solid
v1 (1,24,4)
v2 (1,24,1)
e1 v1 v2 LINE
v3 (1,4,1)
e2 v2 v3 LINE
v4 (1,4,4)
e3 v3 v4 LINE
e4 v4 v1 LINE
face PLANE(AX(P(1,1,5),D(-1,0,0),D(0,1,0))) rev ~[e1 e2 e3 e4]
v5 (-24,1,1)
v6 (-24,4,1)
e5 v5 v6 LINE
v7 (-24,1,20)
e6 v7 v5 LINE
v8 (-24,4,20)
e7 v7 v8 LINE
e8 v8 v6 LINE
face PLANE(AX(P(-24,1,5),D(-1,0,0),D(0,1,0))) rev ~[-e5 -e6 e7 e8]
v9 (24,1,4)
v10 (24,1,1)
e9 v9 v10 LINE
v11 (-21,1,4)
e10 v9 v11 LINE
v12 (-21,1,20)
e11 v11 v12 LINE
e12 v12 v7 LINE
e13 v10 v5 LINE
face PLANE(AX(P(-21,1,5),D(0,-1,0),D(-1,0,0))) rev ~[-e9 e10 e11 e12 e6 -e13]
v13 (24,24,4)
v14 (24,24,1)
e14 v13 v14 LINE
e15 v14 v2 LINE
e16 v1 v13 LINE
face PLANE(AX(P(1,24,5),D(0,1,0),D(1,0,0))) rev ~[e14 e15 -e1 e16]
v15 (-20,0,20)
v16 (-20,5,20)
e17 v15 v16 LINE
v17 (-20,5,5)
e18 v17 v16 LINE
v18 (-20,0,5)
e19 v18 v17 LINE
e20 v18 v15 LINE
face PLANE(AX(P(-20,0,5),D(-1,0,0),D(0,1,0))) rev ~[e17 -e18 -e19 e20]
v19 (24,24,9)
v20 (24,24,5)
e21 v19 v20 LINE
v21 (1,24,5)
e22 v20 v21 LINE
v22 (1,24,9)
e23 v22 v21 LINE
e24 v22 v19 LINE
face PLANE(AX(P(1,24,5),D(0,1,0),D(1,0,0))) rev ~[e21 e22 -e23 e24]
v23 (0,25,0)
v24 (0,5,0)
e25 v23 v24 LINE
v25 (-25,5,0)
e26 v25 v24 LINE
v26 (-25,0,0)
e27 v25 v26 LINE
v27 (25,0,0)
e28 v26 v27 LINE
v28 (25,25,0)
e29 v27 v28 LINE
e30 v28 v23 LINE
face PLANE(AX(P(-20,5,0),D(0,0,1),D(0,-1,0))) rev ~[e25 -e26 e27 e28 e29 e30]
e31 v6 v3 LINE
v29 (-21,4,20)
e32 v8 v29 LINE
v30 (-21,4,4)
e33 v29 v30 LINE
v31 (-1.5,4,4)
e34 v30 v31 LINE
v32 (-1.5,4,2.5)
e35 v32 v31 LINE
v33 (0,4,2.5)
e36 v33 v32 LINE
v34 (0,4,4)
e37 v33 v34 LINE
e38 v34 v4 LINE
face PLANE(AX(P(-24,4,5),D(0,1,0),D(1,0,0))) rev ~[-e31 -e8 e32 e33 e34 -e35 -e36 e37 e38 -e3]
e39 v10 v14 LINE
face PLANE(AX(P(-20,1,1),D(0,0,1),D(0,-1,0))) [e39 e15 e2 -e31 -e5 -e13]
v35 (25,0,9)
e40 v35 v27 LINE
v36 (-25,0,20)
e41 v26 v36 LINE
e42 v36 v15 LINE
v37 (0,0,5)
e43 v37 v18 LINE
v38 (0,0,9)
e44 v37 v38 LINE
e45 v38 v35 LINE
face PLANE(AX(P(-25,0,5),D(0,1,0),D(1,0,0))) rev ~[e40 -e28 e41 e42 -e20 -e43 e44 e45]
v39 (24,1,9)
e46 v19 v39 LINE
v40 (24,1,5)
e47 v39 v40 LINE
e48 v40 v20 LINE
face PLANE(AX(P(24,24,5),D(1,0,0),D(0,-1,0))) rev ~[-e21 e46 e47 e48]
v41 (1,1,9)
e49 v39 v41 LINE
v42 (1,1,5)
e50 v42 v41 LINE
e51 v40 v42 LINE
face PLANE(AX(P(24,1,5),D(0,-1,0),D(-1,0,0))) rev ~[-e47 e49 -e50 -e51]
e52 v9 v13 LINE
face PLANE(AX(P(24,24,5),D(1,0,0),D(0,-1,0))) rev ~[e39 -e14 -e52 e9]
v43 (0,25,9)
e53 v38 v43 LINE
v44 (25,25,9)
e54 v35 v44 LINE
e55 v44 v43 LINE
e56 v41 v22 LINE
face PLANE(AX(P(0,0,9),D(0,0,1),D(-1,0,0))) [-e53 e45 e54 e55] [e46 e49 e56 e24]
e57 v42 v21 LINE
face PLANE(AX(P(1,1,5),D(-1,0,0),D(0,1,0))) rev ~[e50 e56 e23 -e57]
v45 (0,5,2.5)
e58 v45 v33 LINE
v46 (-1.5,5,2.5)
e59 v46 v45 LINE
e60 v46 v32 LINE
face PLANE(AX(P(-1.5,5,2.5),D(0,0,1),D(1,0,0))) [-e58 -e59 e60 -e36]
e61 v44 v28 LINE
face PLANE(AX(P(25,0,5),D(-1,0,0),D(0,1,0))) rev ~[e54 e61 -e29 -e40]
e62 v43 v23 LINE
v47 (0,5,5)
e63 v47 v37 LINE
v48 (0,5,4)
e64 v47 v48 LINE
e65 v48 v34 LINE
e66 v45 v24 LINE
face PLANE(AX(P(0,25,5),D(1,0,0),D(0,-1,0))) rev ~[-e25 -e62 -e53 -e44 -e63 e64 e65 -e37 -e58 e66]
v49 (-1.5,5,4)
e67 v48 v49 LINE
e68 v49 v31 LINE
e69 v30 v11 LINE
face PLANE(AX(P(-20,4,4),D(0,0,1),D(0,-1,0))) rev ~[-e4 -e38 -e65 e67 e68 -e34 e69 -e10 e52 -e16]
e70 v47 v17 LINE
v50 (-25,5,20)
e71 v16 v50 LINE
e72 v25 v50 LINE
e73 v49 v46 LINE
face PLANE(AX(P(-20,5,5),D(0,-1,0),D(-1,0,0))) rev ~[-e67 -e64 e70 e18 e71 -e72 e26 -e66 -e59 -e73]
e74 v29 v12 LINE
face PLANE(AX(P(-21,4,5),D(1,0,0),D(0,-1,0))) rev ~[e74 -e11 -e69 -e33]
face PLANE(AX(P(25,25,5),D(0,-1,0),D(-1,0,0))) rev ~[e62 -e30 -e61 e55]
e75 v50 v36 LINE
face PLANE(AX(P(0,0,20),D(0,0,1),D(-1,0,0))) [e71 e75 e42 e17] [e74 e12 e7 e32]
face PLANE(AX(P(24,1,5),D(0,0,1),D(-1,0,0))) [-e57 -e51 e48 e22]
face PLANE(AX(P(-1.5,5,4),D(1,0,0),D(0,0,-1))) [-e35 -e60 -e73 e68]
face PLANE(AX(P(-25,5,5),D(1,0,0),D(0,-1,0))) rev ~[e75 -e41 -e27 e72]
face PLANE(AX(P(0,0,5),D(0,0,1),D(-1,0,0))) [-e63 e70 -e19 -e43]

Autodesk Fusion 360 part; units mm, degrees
sketch "Sketch1" plane through (0, 0, 0) normal (0, 0, 1) x (1, 0, 0)
  line L0 (0, 0) -> (25, 0)
  line L1 (25, 0) -> (25, 25)
  line L2 (25, 25) -> (0, 25)
  line L3 (0, 25) -> (0, 5)
  line L4 (0, 0) -> (-20, 0)
  line L5 (-20, 0) -> (-20, 5)
  line L6 (-20, 5) -> (0, 5)
extrude "Extrude1" add sketch "Sketch1" along normal blind 1
sketch "Sketch2" plane through (0, 0, 1) normal (0, 0, 1) x (-1, 0, 0)
  line L0 (20, 0) -> (-25, 0)
  line L1 (-25, 0) -> (-25, -25)
  line L2 (-25, -25) -> (0, -25)
  line L3 (0, -25) -> (0, -5)
  line L4 (0, -5) -> (20, -5)
  line L5 (20, -5) -> (20, 0)
  line L6 (-1, -1) -> (-24, -1)
  line L7 (-24, -1) -> (-24, -24)
  line L8 (-24, -24) -> (-1, -24)
  line L9 (-1, -24) -> (-1, -1)
  line L10 (0, -5) -> (0, 0)
extrude "Extrude2" add sketch "Sketch2" along normal blind 4
sketch "Sketch3" plane through (0, 0, 5) normal (0, 0, 1) x (-1, 0, 0)
  line L0 (-1, -1) -> (-1, -24)
  line L1 (-1, -24) -> (-24, -24)
  line L2 (-24, -24) -> (-24, -1)
  line L3 (-24, -1) -> (-1, -1)
  line L4 (20, -5) -> (20, 0)
  line L5 (20, 0) -> (-25, 0)
  line L6 (-25, 0) -> (-25, -25)
  line L7 (-25, -25) -> (0, -25)
  line L8 (0, -25) -> (0, -5)
  line L9 (0, -5) -> (20, -5)
  line L10 (0, -5) -> (0, 0)
extrude "Extrude3" add sketch "Sketch3" along normal blind 10 contours L5 L6 L7 L8 L10
sketch "Sketch4" plane through (-20, 0, 0) normal (-1, 0, 0) x (0, -1, 0)
  line L0 (-5, 0) -> (0, 0)
  line L1 (0, 0) -> (0, 5)
  line L2 (0, 5) -> (-5, 5)
  line L3 (-5, 5) -> (-5, 0)
  line L4 (-4, 4) -> (-1, 4)
  line L5 (-1, 4) -> (-1, 1)
  line L6 (-1, 1) -> (-4, 1)
  line L7 (-4, 1) -> (-4, 4)
extrude "Extrude4" cut sketch "Sketch4" against normal blind 23 contours L4 L5 L6 L7
sketch "Sketch5" plane through (0, 1, 0) normal (0, 1, 0) x (-1, 0, 0)
  line L0 (-24, 1) -> (20, 1)
  line L1 (20, 1) -> (20, 4)
  line L2 (20, 4) -> (-1, 4)
  line L3 (-1, 4) -> (-1, 15)
  line L4 (-1, 15) -> (-24, 15)
  line L5 (-24, 15) -> (-24, 1)
  line L6 (-1, 4) -> (-24, 4)
  line L7 (-24, 4) -> (-24, 5)
  line L8 (-24, 5) -> (-1, 5)
  line L9 (-1, 4) -> (-1, 5)
extrude "Extrude5" add sketch "Sketch5" along normal blind 23 contours L3 L5 L6 L7 L8 L9
sketch "Sketch6" plane through (0, 5, 0) normal (0, 1, 0) x (-1, 0, 0)
  line L0 (0, 0) -> (20, 0)
  line L1 (20, 0) -> (20, 5)
  line L2 (20, 5) -> (0, 5)
  line L3 (0, 5) -> (0, 0)
  line L4 (0, 4) -> (1.5, 4)
  line L5 (1.5, 4) -> (1.5, 2.5)
  line L6 (1.5, 2.5) -> (0, 2.5)
  line L7 (0, 4) -> (0, 2.5)
extrude "Extrude6" cut sketch "Sketch6" against normal blind 2 contours L3 L4 L5 L6 L7
sketch "Sketch7" plane through (-20, 0, 0) normal (-1, 0, 0) x (0, -1, 0)
  line L0 (-1, 4) -> (-1, 1)
  line L1 (-1, 1) -> (-4, 1)
  line L2 (-4, 1) -> (-4, 4)
  line L3 (-4, 4) -> (-1, 4)
  line L4 (-5, 0) -> (0, 0)
  line L5 (0, 0) -> (0, 5)
  line L6 (0, 5) -> (-5, 5)
  line L7 (-5, 5) -> (-5, 0)
  line L8 (-5, 1) -> (0, 1)
extrude "Extrude7" add sketch "Sketch7" along normal blind 6 contours L1 L4 L5 L7 L8
sketch "Sketch8" plane through (0, 0, 1) normal (0, 0, 1) x (-1, 0, 0)
  line L0 (20, -1) -> (-24, -1)
  line L1 (-24, -1) -> (-24, -24)
  line L2 (-24, -24) -> (-1, -24)
  line L3 (-1, -24) -> (-1, -4)
  line L4 (-1, -4) -> (20, -4)
  line L5 (20, -4) -> (20, -5)
  line L6 (20, -5) -> (26, -5)
  line L7 (26, -5) -> (26, 0)
  line L8 (26, 0) -> (20, 0)
  line L9 (20, 0) -> (20, -1)
  line L10 (20, -1) -> (24, -1)
  line L11 (24, -1) -> (24, -4)
  line L12 (24, -4) -> (20, -4)
extrude "Extrude8" add sketch "Sketch8" along normal blind 4 contours L5 L6 L7 L8 L9 L10 L11 L12
extrude "Extrude9" cut 1 faces at (-26, 3.3333, 1.6667) along direction (1, 0, 0) blind 1
extrude "Extrude10" add 1 faces at (-20, 2, 4.3333) along direction (-1, 0, 0) blind 1
sketch "Sketch9" plane through (0, 0, 5) normal (0, 0, 1) x (-1, 0, 0)
  line L0 (21, -1) -> (24, -1)
  line L1 (24, -1) -> (24, -4)
  line L2 (24, -4) -> (21, -4)
  line L3 (21, -4) -> (21, -1)
  line L4 (25, -5) -> (25, 0)
  line L5 (25, 0) -> (0, 0)
  line L6 (0, 0) -> (0, -5)
  line L7 (0, -5) -> (25, -5)
  line L8 (20, 0) -> (20, -5)
extrude "Extrude11" add sketch "Sketch9" along normal blind 15 contours L4 L5 L7 L8
extrude "Extrude12" cut 1 faces at (16.3333, 0.3333, 15) along direction (0, 0, -1) blind 6
